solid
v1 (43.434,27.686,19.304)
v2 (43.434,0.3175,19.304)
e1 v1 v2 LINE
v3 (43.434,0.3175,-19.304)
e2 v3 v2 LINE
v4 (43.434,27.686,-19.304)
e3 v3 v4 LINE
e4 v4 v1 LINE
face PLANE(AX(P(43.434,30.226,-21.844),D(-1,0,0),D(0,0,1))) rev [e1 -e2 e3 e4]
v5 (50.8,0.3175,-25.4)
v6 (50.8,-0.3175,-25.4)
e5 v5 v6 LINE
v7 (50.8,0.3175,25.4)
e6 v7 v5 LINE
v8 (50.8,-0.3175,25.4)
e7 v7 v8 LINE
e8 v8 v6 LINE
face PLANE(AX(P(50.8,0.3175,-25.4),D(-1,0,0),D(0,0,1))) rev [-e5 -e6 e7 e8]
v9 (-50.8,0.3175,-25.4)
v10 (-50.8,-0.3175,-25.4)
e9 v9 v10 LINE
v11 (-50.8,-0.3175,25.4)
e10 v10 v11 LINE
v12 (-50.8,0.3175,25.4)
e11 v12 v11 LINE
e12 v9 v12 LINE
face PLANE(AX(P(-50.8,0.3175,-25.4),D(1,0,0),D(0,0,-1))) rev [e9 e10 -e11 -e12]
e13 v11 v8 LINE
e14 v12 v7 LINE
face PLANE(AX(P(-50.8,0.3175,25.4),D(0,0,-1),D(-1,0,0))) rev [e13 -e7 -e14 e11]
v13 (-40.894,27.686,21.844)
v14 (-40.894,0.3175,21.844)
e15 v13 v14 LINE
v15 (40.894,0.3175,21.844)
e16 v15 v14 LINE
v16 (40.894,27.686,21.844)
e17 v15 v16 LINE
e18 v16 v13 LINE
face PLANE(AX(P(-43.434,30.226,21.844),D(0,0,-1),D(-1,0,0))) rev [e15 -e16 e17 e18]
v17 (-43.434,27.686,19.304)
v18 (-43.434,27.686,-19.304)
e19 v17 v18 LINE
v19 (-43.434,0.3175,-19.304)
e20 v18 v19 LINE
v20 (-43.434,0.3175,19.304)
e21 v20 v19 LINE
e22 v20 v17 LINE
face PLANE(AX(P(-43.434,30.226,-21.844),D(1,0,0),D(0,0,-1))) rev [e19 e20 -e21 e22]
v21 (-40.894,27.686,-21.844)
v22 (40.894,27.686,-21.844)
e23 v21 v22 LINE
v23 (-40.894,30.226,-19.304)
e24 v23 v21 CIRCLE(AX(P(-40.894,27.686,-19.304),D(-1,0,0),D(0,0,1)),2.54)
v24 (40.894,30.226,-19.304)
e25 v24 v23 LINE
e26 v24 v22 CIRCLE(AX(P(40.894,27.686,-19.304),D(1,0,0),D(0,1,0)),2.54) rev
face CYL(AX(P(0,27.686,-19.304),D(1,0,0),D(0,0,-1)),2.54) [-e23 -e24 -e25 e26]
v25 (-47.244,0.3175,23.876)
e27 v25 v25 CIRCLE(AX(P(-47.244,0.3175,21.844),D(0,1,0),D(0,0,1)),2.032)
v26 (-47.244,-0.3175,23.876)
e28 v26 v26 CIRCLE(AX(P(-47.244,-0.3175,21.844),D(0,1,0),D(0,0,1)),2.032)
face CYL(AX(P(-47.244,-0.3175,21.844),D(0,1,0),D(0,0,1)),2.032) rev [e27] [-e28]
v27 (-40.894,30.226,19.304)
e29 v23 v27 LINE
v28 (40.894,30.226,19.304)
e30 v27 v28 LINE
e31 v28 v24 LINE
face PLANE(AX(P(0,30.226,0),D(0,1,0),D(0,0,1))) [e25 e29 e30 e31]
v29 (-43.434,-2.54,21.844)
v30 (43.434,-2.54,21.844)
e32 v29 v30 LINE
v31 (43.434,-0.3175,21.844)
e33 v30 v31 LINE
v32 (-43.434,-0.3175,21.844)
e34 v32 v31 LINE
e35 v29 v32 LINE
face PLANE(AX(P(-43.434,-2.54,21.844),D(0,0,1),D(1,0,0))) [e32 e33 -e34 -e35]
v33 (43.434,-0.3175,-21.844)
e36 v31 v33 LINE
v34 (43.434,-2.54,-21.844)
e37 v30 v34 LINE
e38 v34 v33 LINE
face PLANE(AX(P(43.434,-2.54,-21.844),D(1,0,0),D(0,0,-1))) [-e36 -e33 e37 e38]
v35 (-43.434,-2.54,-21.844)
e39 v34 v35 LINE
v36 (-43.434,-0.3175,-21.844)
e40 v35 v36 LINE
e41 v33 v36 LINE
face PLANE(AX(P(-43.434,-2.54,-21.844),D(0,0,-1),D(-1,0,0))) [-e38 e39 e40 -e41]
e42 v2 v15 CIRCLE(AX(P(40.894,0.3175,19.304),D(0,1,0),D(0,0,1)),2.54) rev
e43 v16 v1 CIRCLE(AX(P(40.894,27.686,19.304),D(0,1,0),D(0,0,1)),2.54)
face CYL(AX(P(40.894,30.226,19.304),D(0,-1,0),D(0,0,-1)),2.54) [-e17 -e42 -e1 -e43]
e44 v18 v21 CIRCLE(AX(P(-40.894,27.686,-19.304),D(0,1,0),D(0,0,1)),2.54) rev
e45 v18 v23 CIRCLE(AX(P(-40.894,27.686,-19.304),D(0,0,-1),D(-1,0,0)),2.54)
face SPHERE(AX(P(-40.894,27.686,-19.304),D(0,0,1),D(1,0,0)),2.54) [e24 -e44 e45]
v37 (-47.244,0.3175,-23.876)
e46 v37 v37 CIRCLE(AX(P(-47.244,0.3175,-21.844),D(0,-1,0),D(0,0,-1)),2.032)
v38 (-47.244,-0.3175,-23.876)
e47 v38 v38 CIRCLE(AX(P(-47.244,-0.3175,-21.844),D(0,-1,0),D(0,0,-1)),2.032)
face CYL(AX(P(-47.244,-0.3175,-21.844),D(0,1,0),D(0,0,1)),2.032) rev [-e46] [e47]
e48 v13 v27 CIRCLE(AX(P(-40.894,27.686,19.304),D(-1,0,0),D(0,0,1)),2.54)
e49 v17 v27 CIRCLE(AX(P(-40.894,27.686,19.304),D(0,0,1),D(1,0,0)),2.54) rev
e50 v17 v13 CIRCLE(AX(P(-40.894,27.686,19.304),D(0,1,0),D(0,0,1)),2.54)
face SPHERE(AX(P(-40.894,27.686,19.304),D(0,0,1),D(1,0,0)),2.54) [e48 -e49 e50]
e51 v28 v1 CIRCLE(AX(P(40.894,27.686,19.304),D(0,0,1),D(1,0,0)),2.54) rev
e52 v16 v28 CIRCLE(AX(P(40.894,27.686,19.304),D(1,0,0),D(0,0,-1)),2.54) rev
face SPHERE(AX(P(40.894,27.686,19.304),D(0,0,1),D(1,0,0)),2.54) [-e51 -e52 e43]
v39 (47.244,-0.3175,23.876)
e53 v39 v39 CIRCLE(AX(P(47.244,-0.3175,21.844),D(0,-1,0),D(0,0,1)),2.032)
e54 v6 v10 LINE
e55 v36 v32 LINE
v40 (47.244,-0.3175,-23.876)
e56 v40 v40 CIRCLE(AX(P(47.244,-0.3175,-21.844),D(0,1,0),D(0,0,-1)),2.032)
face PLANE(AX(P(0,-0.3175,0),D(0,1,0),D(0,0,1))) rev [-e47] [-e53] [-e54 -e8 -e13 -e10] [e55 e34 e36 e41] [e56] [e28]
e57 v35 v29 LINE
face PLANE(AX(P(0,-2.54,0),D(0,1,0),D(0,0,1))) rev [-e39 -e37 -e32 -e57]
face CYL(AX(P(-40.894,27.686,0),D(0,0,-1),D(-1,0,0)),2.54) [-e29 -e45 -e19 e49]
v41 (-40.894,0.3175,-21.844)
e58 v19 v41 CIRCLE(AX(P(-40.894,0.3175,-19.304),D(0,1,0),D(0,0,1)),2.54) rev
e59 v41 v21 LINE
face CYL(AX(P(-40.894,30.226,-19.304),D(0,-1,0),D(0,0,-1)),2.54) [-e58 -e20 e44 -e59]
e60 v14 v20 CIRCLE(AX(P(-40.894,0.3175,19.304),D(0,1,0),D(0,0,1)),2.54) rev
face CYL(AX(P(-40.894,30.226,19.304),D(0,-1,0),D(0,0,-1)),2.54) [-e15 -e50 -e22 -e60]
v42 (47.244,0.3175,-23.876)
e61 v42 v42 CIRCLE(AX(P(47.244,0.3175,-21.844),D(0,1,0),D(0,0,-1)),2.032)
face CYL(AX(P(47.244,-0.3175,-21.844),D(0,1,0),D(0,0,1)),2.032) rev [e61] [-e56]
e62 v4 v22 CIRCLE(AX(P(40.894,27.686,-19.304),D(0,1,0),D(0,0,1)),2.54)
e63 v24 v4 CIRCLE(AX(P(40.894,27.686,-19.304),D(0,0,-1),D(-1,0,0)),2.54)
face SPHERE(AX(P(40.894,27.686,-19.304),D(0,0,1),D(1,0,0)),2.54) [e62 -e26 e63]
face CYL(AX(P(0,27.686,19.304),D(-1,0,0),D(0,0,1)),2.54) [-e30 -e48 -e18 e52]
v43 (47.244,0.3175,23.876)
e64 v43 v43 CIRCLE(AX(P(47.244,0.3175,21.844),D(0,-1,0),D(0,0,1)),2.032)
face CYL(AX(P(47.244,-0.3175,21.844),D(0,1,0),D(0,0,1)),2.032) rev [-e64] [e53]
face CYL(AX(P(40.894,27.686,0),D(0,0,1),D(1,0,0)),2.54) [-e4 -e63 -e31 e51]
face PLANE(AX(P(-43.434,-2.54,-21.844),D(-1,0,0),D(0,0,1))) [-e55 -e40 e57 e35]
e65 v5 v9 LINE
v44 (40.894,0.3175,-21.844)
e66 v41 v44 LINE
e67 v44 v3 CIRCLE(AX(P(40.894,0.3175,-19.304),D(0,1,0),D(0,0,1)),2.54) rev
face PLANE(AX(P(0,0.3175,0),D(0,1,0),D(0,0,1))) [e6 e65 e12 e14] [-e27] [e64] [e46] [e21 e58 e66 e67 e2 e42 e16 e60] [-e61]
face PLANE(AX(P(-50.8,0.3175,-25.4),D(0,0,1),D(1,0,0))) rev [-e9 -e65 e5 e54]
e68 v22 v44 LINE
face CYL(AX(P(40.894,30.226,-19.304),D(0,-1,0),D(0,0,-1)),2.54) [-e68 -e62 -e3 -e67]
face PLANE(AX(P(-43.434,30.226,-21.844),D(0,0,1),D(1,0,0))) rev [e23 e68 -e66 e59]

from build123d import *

# Parameters (mm, degrees)
SKETCH1_W               = 101.6
SKETCH1_H               = 50.8
BOSS_EXTRUDE1_DEPTH     = 0.3175
SKETCH2_R               = 2.032
CUT_EXTRUDE1_DEPTH      = 57.799676275
MIRROR2_COPY_1_SKETCH_R = 2.032
MIRROR2_COPY_1_DEPTH    = 57.799676275
SKETCH3_W               = 86.868
SKETCH3_H               = 43.688
BOSS_EXTRUDE2_DEPTH     = 2.54
SKETCH3_2_W             = 86.868
SKETCH3_2_H             = 43.688
BOSS_EXTRUDE3_DEPTH     = 30.226
FILLET1_R               = 2.54


with BuildPart() as part:
    # Sketch1 → Boss-Extrude1 (new, symmetric)
    with BuildSketch(Plane(origin=(0, 0, 0), x_dir=(1, 0, 0), z_dir=(0, 1, 0))):
        Rectangle(SKETCH1_W, SKETCH1_H)
    extrude(amount=BOSS_EXTRUDE1_DEPTH, both=True)

    # Sketch2 → Cut-Extrude1 (cut, through all)
    with BuildSketch(Plane(origin=(0, 0.3175, 0), x_dir=(1, 0, 0), z_dir=(0, 1, 0))):
        with Locations(Location((-47.244, -21.844, 0), (0, 0, 270))):
            Circle(SKETCH2_R)
    cut_extrude1 = extrude(amount=-CUT_EXTRUDE1_DEPTH, mode=Mode.SUBTRACT)

    # Mirror1: Cut-Extrude1 across plane
    add(cut_extrude1.mirror(Plane.XY), mode=Mode.SUBTRACT)

    # Mirror2: Cut-Extrude1 across plane
    add(cut_extrude1.mirror(Plane(origin=(0, 0, 0), x_dir=(0, 0, 1), z_dir=(1, 0, 0))), mode=Mode.SUBTRACT)

    # Mirror2 copy 1 sketch → Mirror2 copy 1 (cut, through all)
    with BuildSketch(Plane(origin=(0, 0.3175, 0), x_dir=(-1, 0, 0), z_dir=(0, 1, 0))):
        with Locations(Location((-47.244, -21.844, 0), (0, 0, 270))):
            Circle(MIRROR2_COPY_1_SKETCH_R)
    extrude(amount=-MIRROR2_COPY_1_DEPTH, mode=Mode.SUBTRACT)

    # Sketch3 → Boss-Extrude2 (add)
    with BuildSketch(Plane(origin=(0, 0, 0), x_dir=(1, 0, 0), z_dir=(0, 1, 0))):
        Rectangle(SKETCH3_W, SKETCH3_H)
    extrude(amount=-BOSS_EXTRUDE2_DEPTH)

    # Sketch3<2> → Boss-Extrude3 (add)
    with BuildSketch(Plane(origin=(0, 0, 0), x_dir=(1, 0, 0), z_dir=(0, 1, 0))):
        Rectangle(SKETCH3_2_W, SKETCH3_2_H)
    extrude(amount=BOSS_EXTRUDE3_DEPTH)

    # Fillet1
    fillet1_edges = [part.edges().sort_by_distance(p)[0] for p in [
        (43.434, 15.27175, 21.844),
        (43.434, 15.27175, -21.844),
        (-43.434, 15.27175, -21.844),
        (-43.434, 15.27175, 21.844),
        (43.434, 30.226, 0),
        (0, 30.226, -21.844),
        (-43.434, 30.226, 0),
        (0, 30.226, 21.844),
    ]]
    fillet(fillet1_edges, radius=FILLET1_R)


solid = part.part
